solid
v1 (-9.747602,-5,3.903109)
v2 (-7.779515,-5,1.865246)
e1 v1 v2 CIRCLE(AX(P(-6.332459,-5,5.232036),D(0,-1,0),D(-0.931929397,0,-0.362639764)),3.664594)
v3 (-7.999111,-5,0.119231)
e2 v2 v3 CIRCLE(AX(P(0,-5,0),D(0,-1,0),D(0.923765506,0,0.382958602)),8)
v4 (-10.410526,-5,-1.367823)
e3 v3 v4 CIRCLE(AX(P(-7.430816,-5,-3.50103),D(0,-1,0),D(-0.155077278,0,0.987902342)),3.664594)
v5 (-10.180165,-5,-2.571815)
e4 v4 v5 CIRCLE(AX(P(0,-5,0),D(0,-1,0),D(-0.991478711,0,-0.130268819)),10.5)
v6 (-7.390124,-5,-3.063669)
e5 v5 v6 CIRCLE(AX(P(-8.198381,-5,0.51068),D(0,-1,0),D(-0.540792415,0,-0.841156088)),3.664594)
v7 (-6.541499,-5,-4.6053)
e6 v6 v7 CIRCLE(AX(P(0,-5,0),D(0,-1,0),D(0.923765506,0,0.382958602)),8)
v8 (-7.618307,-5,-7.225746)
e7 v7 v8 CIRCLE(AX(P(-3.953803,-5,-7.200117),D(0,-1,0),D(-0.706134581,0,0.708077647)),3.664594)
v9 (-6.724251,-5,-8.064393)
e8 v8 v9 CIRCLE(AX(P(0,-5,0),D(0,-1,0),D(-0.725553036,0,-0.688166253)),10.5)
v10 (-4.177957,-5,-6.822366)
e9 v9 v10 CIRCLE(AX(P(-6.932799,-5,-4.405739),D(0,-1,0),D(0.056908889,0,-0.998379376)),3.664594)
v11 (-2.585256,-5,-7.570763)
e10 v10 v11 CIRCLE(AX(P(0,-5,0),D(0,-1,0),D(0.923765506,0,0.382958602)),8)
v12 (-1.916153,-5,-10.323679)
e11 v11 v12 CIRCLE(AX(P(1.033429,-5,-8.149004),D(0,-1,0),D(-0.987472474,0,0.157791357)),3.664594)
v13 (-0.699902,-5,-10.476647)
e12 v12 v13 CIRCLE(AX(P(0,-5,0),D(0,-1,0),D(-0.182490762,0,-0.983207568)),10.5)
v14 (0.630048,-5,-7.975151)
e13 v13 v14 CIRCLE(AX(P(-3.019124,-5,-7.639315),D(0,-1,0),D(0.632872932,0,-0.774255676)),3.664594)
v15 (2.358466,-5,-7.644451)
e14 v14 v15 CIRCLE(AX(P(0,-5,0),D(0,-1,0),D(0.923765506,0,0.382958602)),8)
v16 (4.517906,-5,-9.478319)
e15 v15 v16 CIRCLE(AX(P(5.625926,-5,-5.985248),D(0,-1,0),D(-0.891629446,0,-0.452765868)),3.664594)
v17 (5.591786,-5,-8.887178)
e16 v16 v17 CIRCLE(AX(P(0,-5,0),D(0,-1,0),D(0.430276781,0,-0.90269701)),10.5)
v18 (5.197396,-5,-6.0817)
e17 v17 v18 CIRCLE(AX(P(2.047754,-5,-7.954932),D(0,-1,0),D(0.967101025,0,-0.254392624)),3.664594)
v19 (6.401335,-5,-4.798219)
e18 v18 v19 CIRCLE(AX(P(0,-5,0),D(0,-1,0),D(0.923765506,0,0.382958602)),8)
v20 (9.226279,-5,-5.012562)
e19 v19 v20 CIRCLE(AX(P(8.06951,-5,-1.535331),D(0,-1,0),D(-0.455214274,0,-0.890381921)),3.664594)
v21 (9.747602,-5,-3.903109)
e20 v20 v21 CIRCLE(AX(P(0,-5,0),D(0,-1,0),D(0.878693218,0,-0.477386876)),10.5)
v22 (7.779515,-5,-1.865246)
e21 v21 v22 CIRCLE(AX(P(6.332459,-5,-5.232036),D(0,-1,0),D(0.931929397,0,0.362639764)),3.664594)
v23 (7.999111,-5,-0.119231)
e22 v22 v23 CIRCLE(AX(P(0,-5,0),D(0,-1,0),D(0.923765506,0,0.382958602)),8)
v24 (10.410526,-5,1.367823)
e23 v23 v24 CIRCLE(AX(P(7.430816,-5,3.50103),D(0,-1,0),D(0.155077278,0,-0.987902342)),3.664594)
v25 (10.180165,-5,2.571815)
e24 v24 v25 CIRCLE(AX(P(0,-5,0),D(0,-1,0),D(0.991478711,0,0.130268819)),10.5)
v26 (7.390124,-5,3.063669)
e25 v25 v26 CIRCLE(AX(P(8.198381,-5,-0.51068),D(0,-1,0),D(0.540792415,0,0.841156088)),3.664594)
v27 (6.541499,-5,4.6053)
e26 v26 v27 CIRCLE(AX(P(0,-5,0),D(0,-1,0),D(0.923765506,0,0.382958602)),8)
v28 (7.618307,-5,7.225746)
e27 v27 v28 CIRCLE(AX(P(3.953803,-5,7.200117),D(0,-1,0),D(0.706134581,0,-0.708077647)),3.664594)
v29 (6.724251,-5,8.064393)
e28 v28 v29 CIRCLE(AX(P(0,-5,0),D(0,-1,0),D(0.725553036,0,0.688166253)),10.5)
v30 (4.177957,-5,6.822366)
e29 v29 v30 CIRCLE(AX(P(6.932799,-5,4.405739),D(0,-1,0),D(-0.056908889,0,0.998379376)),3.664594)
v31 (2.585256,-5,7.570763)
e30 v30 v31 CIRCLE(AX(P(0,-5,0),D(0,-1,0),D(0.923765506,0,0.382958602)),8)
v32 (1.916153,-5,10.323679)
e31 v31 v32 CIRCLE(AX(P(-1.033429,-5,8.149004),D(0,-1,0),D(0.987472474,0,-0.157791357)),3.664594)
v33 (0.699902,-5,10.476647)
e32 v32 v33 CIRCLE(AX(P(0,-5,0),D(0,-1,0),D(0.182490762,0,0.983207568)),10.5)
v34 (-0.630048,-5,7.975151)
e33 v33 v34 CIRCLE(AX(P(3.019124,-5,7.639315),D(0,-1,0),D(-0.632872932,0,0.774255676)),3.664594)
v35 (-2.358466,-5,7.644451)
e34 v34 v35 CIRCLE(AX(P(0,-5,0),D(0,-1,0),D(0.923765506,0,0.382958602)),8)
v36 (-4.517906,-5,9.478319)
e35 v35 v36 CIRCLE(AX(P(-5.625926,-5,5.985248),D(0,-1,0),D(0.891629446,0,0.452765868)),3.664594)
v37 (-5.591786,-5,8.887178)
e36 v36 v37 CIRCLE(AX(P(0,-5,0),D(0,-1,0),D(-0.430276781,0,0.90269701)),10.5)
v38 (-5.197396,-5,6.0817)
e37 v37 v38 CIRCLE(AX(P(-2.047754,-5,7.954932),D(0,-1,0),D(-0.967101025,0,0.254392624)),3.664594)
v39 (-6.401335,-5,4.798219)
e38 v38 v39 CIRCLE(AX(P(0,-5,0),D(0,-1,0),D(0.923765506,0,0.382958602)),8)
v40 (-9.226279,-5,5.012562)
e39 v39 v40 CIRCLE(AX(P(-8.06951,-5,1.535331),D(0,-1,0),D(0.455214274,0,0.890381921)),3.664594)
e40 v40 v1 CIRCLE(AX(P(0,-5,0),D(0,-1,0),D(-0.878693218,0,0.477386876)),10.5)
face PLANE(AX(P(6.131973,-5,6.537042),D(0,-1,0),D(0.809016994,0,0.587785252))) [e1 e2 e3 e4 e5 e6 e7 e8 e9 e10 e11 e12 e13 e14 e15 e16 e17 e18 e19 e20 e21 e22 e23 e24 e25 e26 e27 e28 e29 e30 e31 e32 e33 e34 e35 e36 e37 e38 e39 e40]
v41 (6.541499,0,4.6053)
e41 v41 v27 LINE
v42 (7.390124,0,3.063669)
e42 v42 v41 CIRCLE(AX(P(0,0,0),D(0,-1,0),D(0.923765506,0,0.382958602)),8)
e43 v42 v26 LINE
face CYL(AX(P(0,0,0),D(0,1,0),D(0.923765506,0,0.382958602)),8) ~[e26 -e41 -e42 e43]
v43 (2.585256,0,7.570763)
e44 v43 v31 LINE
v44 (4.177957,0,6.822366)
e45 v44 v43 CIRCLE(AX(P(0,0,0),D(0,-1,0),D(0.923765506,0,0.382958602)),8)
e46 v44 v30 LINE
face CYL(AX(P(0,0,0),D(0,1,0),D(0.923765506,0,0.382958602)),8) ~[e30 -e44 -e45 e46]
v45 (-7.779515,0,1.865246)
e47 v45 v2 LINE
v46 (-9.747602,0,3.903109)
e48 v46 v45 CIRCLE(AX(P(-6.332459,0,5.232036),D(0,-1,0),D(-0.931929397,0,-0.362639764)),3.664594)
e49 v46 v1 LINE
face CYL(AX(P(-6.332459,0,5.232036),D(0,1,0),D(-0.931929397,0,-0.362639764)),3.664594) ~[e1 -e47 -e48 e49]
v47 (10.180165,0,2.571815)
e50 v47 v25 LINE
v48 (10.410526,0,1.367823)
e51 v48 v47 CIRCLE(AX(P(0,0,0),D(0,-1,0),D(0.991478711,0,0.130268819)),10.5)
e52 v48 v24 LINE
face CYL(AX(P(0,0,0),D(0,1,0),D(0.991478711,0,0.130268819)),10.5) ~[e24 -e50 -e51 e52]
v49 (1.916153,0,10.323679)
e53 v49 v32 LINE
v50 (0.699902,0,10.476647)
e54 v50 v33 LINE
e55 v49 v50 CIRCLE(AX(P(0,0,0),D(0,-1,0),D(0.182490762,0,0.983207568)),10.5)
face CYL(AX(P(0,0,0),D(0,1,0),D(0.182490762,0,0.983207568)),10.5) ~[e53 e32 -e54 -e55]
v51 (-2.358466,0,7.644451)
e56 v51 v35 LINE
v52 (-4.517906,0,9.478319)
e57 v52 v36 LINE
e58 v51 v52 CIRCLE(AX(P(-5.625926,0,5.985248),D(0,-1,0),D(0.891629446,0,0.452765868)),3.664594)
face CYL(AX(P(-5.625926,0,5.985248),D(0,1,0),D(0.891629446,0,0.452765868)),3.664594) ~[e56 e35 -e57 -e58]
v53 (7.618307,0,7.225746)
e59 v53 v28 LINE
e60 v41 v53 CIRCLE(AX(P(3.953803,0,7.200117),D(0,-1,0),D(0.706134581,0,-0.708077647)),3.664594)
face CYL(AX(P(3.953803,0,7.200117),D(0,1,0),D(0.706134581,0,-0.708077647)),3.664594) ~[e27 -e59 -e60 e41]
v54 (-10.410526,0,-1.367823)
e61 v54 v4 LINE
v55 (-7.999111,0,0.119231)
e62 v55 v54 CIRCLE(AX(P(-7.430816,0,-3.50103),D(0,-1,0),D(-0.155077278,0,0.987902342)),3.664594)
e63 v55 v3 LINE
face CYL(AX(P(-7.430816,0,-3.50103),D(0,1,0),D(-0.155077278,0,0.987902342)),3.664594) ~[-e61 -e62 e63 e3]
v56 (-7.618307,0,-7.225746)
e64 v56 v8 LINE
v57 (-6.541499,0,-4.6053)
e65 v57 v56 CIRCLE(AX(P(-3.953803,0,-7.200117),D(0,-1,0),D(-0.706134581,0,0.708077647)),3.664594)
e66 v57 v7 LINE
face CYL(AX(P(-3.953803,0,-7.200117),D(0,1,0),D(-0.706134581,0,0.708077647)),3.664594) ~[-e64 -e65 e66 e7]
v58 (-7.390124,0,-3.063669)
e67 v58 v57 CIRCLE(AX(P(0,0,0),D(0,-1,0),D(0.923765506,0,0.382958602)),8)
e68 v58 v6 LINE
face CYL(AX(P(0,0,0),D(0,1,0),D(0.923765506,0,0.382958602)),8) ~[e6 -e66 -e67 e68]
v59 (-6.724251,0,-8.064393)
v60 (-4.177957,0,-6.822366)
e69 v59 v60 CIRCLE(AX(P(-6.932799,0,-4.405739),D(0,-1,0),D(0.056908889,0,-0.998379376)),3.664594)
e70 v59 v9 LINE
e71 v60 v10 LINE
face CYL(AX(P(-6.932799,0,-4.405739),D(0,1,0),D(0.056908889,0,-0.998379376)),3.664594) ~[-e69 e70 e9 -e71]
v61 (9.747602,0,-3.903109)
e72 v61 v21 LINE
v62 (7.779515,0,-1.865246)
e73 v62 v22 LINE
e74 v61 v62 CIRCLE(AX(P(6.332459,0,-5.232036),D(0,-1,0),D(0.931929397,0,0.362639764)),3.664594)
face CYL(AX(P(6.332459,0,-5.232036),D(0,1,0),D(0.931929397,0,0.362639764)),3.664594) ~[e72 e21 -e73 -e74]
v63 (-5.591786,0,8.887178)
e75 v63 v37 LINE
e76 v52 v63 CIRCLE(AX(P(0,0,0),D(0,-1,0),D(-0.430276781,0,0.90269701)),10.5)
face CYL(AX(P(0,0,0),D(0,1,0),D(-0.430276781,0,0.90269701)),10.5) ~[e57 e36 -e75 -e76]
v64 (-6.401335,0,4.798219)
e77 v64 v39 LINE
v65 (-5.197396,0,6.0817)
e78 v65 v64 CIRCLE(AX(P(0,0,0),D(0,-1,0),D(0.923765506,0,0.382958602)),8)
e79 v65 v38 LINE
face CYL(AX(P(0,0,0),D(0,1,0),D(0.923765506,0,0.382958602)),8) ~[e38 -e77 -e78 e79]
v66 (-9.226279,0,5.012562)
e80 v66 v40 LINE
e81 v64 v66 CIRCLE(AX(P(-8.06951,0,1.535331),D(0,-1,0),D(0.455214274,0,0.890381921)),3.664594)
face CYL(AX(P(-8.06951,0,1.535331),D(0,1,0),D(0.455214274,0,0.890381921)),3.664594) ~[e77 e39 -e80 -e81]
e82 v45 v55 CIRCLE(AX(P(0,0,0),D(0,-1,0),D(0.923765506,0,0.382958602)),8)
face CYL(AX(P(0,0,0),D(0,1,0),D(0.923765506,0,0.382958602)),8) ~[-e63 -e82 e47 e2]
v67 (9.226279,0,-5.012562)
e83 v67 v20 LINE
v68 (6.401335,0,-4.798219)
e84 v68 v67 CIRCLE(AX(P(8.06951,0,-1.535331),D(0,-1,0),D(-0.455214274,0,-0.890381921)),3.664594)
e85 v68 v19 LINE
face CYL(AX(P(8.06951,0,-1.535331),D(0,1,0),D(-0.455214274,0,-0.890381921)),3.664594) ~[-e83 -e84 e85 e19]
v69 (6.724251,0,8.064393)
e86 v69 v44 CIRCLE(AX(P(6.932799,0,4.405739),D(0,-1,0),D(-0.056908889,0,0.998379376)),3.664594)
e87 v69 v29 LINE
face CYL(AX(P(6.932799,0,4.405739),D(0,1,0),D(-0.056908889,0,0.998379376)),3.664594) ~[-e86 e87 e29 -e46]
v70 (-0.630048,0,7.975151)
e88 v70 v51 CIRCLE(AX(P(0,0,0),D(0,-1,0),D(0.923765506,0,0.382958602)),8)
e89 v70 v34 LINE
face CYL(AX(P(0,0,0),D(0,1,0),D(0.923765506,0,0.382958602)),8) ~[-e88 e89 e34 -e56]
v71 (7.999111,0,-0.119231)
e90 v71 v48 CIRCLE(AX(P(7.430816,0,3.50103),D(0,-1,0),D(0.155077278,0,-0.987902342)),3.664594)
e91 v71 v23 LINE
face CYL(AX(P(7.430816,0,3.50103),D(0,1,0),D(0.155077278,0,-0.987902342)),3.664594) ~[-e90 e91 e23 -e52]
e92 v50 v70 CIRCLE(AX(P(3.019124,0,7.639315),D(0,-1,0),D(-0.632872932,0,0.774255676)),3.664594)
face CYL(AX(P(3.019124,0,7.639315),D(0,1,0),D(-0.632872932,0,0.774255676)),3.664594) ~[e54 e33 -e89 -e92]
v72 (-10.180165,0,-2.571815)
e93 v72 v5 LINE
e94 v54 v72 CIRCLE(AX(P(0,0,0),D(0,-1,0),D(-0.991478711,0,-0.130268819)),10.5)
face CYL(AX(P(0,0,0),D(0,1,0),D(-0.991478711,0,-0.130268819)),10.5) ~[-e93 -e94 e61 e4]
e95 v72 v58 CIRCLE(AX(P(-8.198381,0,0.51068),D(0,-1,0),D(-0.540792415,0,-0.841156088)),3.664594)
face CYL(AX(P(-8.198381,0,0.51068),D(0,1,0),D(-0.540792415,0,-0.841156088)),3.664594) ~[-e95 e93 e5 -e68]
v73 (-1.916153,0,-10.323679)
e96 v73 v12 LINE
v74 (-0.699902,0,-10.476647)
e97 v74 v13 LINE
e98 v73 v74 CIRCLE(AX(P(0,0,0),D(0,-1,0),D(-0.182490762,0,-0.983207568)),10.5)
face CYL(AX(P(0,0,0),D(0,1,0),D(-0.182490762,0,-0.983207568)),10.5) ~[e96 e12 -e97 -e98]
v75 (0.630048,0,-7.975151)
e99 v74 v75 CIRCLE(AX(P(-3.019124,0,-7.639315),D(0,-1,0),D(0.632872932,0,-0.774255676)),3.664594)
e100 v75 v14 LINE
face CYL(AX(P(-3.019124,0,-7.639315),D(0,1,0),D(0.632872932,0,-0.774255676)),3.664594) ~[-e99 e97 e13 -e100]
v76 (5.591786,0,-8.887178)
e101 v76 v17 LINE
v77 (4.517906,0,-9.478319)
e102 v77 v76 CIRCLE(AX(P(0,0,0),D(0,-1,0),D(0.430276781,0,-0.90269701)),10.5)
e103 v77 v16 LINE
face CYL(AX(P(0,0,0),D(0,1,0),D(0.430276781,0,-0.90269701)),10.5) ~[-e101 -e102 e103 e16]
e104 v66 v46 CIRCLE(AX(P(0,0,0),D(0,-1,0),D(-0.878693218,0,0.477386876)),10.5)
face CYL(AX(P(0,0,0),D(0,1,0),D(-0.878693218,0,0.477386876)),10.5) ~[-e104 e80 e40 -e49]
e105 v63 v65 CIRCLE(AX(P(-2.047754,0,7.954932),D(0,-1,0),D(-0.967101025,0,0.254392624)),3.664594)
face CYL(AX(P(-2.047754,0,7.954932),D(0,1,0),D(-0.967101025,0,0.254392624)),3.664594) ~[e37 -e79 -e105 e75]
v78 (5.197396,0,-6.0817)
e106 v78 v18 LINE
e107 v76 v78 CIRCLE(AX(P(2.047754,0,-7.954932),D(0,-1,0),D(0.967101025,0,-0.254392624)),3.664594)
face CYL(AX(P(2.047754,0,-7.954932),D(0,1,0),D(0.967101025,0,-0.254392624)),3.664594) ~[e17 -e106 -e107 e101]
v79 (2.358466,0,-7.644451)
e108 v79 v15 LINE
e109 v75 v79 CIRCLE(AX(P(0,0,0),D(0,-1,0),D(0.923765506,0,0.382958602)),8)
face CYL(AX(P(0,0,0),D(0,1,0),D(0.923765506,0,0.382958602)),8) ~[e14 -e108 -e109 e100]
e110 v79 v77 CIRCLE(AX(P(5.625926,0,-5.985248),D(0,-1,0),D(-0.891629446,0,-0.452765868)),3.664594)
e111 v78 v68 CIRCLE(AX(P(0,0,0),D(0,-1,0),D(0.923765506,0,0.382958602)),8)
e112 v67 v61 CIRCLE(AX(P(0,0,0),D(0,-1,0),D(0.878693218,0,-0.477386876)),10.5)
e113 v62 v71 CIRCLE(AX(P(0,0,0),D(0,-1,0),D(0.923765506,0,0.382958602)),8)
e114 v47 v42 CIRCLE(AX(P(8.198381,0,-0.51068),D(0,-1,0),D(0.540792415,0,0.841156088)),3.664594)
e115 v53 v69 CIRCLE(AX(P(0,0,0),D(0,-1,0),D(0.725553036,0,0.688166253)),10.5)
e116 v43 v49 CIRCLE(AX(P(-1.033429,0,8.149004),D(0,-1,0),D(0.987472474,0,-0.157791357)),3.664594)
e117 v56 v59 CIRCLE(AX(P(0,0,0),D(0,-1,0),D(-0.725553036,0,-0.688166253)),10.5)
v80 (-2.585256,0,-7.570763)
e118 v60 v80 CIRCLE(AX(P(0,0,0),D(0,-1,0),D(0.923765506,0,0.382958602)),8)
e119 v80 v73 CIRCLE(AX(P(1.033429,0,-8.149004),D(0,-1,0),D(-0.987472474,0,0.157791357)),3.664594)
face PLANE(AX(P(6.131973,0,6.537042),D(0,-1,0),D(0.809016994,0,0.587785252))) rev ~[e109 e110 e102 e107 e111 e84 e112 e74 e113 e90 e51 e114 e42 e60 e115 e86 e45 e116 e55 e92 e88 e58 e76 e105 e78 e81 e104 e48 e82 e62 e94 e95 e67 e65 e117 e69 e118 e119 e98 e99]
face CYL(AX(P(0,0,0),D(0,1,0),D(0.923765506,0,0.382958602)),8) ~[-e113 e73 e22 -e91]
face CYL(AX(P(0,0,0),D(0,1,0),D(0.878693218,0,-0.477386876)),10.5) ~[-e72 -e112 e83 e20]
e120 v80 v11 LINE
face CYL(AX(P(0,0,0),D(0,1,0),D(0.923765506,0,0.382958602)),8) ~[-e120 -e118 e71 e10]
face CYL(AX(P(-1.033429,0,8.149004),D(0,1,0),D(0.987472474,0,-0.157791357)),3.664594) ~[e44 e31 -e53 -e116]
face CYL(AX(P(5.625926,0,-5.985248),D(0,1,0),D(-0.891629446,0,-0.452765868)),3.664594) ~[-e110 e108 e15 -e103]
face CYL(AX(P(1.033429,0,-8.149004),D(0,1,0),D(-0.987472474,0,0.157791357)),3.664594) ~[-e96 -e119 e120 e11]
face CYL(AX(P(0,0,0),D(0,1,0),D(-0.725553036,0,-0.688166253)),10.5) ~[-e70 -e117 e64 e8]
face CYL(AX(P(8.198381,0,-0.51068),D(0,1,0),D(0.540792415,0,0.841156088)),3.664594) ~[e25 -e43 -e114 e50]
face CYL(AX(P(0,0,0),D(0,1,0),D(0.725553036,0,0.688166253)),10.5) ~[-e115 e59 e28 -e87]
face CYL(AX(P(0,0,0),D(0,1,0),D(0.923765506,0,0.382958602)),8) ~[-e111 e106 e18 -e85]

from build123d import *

# Parameters (mm, degrees)
F2_DEPTH = 5
F3_DEPTH = 5
F5_COUNT = 10
F5_ANGLE = 324


with BuildPart() as f2:
    # F1 (on Front) → F2 (new body)
    with BuildSketch(Plane.XZ):
        with BuildLine():
            ThreePointArc((7.9991114538, -0.1192306565), (7.9997778604, -0.0596169837), (8, 0))
            ThreePointArc((8, 0), (7.8460497183, 1.5618911033), (7.3901240454, 3.0636688127))
            ThreePointArc((7.3901240454, 3.0636688127), (-7.857471258, -1.5033780063), (7.9991114538, -0.1192306565))
        make_face()
    extrude(amount=F2_DEPTH)

    # F1 (on Front) → F3 (join)
    with BuildSketch(Plane.XZ):
        with BuildLine():
            ThreePointArc((7.3901240454, 3.0636688127), (7.8460497183, 1.5618911033), (8, 0))
            ThreePointArc((8, 0), (7.9997778604, -0.0596169837), (7.9991114538, -0.1192306565))
            ThreePointArc((7.9991114538, -0.1192306565), (9.3543332011, 0.3818427302), (10.4105264675, 1.3678226019))
            ThreePointArc((10.4105264675, 1.3678226019), (10.3129310261, 1.9731836333), (10.180165277, 2.5718154938))
            ThreePointArc((10.180165277, 2.5718154938), (8.8345975473, 3.0982639794), (7.3901240454, 3.0636688127))
        make_face()
    extrude(amount=F3_DEPTH)

    # F5: F2 ×10 about axis
    f5_axis = Axis((0, 6.1465417966, 0), (0, 1, 0))


with BuildPart() as f2_1:
    add(f2.part)
    for i in range(1, F5_COUNT):
        add(f2.part.rotate(f5_axis, i * F5_ANGLE / (F5_COUNT - 1)))


solid = f2_1.part
